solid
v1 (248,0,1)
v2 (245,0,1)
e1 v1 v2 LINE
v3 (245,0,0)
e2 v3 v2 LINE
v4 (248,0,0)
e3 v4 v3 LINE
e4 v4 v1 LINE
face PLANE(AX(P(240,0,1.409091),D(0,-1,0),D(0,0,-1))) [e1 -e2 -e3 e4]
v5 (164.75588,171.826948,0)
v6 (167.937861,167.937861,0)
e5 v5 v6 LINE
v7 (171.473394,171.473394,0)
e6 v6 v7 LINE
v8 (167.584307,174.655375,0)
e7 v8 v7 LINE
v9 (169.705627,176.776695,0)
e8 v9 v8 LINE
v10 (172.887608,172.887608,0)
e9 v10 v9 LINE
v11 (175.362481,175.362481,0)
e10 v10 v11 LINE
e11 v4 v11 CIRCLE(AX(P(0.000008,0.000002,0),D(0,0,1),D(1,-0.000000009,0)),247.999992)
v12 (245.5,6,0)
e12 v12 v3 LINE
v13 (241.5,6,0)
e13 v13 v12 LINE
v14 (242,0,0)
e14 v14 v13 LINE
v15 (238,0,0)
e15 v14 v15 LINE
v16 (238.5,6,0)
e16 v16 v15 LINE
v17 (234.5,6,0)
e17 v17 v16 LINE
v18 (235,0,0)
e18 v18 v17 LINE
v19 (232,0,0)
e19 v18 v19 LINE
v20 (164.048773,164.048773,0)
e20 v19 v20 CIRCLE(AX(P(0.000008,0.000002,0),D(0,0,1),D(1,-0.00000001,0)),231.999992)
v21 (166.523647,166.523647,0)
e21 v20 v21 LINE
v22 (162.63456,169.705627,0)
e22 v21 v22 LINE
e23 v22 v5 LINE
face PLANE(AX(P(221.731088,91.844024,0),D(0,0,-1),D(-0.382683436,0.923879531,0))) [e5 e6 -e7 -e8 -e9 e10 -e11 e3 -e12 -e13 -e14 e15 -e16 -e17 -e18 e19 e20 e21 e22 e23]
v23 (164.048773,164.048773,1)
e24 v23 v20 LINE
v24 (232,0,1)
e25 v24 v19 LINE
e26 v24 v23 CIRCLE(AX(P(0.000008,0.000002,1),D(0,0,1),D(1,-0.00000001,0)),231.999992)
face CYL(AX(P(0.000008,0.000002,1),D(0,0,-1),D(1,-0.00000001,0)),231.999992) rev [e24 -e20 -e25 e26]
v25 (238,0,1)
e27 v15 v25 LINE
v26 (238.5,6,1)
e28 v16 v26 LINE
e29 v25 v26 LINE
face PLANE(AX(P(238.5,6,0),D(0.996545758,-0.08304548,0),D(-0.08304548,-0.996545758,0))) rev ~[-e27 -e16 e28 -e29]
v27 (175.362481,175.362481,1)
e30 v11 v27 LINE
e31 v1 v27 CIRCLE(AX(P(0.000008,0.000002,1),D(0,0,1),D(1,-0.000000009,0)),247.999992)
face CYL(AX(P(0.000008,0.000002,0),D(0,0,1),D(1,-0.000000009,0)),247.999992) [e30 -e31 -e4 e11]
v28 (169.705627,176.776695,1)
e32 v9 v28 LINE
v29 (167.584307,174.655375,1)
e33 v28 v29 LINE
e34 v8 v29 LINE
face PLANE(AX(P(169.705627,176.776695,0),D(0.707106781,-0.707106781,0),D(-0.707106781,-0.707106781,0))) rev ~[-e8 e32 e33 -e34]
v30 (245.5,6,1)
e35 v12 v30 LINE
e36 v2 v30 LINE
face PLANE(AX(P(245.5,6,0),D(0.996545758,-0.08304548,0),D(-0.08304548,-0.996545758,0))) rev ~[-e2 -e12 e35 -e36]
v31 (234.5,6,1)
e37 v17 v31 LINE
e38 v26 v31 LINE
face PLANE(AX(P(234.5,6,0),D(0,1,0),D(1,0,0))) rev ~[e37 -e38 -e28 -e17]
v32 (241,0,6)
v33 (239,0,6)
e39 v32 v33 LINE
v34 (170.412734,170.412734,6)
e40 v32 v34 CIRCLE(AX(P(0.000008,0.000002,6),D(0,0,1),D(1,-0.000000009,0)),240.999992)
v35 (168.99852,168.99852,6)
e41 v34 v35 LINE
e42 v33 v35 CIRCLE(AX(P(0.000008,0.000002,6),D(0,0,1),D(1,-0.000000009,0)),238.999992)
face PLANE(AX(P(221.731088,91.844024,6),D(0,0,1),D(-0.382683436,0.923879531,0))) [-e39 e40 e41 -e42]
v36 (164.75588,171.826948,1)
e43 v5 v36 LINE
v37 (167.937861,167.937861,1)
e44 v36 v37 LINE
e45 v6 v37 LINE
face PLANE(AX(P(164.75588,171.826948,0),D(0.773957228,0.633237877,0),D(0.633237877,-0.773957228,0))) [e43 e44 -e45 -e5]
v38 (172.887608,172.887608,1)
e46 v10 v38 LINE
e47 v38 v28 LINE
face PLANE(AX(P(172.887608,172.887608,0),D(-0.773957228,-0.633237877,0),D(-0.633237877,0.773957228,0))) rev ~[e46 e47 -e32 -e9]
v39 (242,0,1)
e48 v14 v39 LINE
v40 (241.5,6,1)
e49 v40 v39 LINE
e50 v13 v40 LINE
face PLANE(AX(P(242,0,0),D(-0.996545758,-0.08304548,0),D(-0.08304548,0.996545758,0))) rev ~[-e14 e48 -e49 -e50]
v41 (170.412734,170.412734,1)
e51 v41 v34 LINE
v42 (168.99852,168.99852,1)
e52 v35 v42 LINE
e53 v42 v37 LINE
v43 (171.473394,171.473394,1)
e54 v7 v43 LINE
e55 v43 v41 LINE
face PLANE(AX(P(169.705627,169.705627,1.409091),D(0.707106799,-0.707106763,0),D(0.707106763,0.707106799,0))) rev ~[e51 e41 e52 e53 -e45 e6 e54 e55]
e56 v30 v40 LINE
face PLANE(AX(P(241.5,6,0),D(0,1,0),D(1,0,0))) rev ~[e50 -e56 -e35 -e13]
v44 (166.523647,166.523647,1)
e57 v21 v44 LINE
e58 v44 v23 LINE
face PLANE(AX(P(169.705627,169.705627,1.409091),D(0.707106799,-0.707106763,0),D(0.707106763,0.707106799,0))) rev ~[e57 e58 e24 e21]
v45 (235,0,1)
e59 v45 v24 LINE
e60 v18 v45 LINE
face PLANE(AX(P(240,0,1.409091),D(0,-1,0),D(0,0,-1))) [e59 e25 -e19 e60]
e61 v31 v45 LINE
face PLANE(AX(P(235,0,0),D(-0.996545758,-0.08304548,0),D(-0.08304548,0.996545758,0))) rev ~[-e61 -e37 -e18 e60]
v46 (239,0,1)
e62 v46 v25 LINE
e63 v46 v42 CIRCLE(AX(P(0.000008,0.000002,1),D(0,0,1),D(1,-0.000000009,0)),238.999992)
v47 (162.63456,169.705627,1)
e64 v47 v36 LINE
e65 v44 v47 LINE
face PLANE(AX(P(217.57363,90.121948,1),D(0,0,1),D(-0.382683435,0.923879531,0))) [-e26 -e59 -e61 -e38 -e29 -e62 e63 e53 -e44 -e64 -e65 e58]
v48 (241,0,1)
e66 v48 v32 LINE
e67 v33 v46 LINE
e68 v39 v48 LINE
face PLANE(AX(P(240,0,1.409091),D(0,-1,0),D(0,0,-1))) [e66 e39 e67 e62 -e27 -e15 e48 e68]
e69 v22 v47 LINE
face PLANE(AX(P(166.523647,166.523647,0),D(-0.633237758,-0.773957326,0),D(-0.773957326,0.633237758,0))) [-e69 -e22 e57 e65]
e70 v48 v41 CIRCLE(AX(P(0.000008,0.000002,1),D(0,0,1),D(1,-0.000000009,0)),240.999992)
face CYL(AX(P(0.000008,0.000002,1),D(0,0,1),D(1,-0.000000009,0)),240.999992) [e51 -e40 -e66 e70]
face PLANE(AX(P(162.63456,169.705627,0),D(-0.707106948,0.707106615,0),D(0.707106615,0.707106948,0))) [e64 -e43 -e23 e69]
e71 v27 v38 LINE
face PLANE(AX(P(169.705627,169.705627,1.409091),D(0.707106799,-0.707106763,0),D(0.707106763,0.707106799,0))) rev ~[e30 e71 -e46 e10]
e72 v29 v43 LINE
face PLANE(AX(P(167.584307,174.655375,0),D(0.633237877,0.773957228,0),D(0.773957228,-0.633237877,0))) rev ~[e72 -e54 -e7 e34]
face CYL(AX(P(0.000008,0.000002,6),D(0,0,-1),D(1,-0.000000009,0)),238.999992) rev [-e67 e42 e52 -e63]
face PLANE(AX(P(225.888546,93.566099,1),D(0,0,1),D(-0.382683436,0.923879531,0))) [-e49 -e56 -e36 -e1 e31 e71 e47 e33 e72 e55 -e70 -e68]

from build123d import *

# Parameters (mm, degrees)
POCKET_DEPTH      = 0.001
POCKET_DEPTH_BACK = 6.001
PAD_DEPTH         = 1


with BuildPart() as part:
    # AdditivePipe: sweep along a path in Sketch
    with BuildLine(Plane.XY) as additivepipe_path:
        ThreePointArc((240, 0), (221.731088, 91.844024), (169.705627, 169.705627))
    # Sketch001 → AdditivePipe (sweep)
    with BuildSketch(Plane(origin=(240, 0, 0), x_dir=(1, 0, 0), z_dir=(0, -1, 0))):
        Polygon((-8, 0), (8, 0), (8, 1), (1, 1), (1, 6), (-1, 6), (-1, 1), (-8, 1), align=None)
    sweep(path=additivepipe_path.line, is_frenet=True)

    # Sketch002 → Pocket (cut, two sides)
    with BuildSketch(Plane.XY) as pocket_sk:
        Polygon((235, 0), (234.5, 6), (238.5, 6), (238, 0), align=None)
        Polygon((242, 0), (241.5, 6), (245.5, 6), (245, 0), align=None)
    extrude(amount=-POCKET_DEPTH, mode=Mode.SUBTRACT)
    extrude(pocket_sk.sketch, amount=POCKET_DEPTH_BACK, mode=Mode.SUBTRACT)

    # Sketch003 → Pad (join)
    with BuildSketch(Plane.XY):
        Polygon((162.63456, 169.705627), (164.75588, 171.826948), (167.937861, 167.937861), (166.523647, 166.523647), align=None)
        Polygon((169.705627, 176.776695), (167.584307, 174.655375), (171.473394, 171.473394), (172.887608, 172.887608), align=None)
    extrude(amount=PAD_DEPTH)


solid = part.part
